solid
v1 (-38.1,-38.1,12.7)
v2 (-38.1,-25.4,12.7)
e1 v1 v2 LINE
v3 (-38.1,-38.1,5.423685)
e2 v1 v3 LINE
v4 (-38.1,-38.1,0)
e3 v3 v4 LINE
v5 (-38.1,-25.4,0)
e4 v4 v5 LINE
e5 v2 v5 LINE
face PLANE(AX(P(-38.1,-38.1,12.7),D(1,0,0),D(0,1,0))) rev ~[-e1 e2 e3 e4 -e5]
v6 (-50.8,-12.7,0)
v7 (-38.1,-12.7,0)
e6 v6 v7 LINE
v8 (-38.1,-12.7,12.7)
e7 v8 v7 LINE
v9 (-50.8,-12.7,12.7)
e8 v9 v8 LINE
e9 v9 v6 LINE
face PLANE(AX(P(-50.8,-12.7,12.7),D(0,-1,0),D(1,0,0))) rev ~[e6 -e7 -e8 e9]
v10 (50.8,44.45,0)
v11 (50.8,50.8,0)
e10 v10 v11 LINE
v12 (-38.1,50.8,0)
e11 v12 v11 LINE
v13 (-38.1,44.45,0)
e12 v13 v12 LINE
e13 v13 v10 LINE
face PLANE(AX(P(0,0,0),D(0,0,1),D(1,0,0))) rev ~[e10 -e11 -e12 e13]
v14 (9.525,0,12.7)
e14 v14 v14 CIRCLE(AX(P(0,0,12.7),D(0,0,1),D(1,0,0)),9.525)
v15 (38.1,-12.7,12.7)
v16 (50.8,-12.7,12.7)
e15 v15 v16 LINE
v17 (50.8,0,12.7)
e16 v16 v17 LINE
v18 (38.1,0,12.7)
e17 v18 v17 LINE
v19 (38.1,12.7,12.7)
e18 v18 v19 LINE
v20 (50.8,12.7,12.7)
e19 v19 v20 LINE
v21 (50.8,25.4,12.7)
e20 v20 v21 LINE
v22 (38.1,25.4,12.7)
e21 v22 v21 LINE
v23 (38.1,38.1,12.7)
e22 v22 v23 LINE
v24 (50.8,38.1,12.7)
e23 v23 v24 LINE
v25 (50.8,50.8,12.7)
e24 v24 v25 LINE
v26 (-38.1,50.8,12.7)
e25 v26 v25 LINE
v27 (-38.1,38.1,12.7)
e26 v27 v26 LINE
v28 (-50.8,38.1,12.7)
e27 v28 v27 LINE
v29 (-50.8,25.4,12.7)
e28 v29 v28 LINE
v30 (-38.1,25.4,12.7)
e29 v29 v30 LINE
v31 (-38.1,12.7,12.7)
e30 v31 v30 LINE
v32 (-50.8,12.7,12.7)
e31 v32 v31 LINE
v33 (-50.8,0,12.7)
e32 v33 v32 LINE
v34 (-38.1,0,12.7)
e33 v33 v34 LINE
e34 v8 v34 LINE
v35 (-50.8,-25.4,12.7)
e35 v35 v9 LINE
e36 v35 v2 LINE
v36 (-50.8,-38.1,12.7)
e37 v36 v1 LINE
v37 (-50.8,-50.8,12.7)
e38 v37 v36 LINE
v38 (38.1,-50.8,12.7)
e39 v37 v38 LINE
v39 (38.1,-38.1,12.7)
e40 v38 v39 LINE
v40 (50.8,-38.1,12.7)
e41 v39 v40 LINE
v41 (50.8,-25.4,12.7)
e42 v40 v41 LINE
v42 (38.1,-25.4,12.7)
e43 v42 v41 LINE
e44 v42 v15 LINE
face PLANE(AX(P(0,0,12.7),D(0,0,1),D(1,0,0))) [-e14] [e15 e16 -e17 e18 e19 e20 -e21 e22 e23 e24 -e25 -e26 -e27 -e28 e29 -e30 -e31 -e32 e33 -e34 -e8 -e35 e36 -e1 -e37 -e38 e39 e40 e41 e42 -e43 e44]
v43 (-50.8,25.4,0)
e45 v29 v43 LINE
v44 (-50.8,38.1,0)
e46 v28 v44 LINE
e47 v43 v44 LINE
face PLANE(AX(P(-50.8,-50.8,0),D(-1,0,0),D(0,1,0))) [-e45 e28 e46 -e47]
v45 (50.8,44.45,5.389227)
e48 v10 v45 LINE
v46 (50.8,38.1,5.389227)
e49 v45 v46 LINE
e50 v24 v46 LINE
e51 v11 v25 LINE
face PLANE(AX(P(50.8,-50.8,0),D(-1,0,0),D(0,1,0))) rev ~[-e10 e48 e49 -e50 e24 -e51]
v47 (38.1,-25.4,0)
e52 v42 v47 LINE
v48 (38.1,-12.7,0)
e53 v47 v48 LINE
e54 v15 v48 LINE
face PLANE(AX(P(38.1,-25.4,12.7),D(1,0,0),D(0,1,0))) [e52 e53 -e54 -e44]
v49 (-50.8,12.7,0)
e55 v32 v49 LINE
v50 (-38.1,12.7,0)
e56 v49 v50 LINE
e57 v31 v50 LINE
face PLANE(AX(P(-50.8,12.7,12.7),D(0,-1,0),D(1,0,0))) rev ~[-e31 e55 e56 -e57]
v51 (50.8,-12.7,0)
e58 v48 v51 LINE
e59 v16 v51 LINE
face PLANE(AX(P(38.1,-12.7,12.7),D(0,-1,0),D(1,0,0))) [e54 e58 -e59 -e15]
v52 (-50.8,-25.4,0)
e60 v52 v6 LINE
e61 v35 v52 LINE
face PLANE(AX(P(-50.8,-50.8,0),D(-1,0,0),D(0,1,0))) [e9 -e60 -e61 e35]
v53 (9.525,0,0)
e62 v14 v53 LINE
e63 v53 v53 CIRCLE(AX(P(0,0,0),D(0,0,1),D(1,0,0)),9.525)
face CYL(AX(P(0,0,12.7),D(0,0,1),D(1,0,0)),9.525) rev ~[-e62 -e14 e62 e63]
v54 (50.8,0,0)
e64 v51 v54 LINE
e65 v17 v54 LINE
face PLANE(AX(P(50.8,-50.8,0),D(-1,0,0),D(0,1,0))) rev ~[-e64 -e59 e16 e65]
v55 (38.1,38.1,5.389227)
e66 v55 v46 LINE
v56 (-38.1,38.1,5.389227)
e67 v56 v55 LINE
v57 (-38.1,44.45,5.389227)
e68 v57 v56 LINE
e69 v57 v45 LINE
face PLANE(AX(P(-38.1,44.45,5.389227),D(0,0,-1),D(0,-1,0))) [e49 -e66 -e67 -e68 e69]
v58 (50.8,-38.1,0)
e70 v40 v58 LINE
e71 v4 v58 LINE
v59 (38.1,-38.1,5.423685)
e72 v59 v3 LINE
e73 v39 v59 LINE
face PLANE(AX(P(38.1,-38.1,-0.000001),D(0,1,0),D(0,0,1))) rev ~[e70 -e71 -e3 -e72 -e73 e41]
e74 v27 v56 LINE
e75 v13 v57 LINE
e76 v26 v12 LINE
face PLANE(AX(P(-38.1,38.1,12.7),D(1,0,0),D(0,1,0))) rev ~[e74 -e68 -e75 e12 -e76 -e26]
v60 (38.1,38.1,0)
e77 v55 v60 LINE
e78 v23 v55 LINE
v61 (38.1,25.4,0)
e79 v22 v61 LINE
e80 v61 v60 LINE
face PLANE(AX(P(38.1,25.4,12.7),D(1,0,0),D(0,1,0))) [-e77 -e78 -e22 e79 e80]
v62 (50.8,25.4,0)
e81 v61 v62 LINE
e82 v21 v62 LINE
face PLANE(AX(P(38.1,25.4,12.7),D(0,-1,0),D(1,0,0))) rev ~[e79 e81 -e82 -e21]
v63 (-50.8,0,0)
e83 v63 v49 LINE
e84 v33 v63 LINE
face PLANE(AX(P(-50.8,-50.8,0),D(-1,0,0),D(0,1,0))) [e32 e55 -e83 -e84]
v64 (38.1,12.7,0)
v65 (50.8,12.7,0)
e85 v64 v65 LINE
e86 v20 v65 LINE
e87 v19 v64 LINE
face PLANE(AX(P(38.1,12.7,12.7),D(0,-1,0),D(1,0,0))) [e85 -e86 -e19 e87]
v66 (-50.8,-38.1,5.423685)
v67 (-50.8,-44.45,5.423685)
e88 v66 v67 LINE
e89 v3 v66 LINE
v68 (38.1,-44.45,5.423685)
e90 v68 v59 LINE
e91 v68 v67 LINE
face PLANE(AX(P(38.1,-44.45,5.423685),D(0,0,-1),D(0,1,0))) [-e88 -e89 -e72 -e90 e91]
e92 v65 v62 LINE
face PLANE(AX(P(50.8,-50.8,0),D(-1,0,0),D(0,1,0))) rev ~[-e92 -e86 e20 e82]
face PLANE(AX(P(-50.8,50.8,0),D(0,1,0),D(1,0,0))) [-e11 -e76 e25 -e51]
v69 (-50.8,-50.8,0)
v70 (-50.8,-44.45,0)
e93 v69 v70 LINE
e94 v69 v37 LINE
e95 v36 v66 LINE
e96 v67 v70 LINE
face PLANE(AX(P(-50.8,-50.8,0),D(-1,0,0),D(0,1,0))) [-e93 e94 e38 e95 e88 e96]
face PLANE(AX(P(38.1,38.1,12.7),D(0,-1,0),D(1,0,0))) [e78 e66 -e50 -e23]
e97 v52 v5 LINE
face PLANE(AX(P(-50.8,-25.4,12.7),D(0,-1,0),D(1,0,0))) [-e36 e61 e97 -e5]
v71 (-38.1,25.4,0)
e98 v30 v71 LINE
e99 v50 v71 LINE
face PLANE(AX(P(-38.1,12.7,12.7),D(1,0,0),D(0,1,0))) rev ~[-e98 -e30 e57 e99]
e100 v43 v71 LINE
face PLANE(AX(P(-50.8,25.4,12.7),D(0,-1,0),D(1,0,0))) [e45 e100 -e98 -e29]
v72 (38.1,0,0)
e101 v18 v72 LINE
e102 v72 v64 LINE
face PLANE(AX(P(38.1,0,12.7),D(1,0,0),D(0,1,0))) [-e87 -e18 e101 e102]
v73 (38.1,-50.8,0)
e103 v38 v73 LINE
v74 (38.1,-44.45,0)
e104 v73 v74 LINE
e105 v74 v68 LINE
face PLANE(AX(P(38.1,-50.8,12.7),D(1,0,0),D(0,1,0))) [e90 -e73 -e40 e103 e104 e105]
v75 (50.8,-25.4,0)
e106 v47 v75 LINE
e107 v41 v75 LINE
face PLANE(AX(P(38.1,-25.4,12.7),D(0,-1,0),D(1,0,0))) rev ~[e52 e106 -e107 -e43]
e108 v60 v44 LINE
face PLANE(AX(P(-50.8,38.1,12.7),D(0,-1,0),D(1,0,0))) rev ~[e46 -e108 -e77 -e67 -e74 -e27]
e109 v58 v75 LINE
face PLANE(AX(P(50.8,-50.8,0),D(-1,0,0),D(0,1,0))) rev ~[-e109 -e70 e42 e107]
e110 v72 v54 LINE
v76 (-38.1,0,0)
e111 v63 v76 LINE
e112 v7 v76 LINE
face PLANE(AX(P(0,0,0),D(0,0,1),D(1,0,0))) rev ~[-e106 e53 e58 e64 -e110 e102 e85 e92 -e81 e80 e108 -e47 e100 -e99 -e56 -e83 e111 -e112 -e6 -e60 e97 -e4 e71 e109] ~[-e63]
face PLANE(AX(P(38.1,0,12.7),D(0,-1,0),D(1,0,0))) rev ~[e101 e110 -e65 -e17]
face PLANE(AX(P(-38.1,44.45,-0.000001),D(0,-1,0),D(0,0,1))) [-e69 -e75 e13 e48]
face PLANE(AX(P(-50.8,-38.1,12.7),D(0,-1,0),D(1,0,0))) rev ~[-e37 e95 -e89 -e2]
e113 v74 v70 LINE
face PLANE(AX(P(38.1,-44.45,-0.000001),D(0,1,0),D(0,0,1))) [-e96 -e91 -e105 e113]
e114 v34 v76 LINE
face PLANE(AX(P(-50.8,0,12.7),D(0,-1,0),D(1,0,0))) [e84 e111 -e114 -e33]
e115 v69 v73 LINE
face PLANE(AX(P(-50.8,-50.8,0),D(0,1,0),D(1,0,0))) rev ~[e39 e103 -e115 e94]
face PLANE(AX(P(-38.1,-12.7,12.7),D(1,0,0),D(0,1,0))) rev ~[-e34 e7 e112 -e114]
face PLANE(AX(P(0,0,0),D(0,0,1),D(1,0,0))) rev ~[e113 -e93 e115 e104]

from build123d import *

# Parameters (mm, degrees)
F0_W      = 101.6
F0_H      = 101.6
F1_DEPTH  = 12.7
F2_W      = 12.7
F2_H      = 12.7
F3_DEPTH  = 12.701
F4_W      = 12.7
F4_H      = 12.7
F5_DEPTH  = 12.701
F6_W      = 6.35
F6_H      = 5.423685
F7_DEPTH  = 88.901
F8_W      = 6.35
F8_H      = 5.389227
F9_DEPTH  = 88.901
F10_R     = 9.525
F11_DEPTH = 12.701


with BuildPart() as f1:
    # F0 (on Top) → F1 (new body)
    with BuildSketch(Plane.XY):
        Rectangle(F0_W, F0_H)
    extrude(amount=F1_DEPTH)

    # F2 (on face) → F3 (cut, through all)
    with BuildSketch(Plane.XY.offset(12.7)):
        with Locations((-44.45, 19.05)):
            Rectangle(F2_W, F2_H)
        with Locations((-44.45, 44.45)):
            Rectangle(F2_W, F2_H)
        with Locations((-44.45, -6.35)):
            Rectangle(F2_W, F2_H)
        with Locations((-44.45, -31.75)):
            Rectangle(F2_W, F2_H)
    extrude(amount=-F3_DEPTH, mode=Mode.SUBTRACT)

    # F4 (on face) → F5 (cut, through all)
    with BuildSketch(Plane.XY.offset(12.7)):
        with Locations((44.45, 31.75)):
            Rectangle(F4_W, F4_H)
        with Locations((44.45, 6.35)):
            Rectangle(F4_W, F4_H)
        with Locations((44.45, -19.05)):
            Rectangle(F4_W, F4_H)
        with Locations((44.45, -44.45)):
            Rectangle(F4_W, F4_H)
    extrude(amount=-F5_DEPTH, mode=Mode.SUBTRACT)

    # F6 (on face) → F7 (cut, through all)
    with BuildSketch(Plane.YZ.offset(38.1)):
        with Locations((-41.275, 2.711842)):
            Rectangle(F6_W, F6_H)
    extrude(amount=-F7_DEPTH, mode=Mode.SUBTRACT)

    # F8 (on face) → F9 (cut, through all)
    with BuildSketch(Plane(origin=(-38.1, 0, 0), x_dir=(0, -1, 0), z_dir=(-1, 0, 0))):
        with Locations((-41.275, 2.694613)):
            Rectangle(F8_W, F8_H)
    extrude(amount=-F9_DEPTH, mode=Mode.SUBTRACT)

    # F10 (on face) → F11 (cut, through all)
    with BuildSketch(Plane.XY.offset(12.7)):
        Circle(F10_R)
    extrude(amount=-F11_DEPTH, mode=Mode.SUBTRACT)


solid = f1.part
